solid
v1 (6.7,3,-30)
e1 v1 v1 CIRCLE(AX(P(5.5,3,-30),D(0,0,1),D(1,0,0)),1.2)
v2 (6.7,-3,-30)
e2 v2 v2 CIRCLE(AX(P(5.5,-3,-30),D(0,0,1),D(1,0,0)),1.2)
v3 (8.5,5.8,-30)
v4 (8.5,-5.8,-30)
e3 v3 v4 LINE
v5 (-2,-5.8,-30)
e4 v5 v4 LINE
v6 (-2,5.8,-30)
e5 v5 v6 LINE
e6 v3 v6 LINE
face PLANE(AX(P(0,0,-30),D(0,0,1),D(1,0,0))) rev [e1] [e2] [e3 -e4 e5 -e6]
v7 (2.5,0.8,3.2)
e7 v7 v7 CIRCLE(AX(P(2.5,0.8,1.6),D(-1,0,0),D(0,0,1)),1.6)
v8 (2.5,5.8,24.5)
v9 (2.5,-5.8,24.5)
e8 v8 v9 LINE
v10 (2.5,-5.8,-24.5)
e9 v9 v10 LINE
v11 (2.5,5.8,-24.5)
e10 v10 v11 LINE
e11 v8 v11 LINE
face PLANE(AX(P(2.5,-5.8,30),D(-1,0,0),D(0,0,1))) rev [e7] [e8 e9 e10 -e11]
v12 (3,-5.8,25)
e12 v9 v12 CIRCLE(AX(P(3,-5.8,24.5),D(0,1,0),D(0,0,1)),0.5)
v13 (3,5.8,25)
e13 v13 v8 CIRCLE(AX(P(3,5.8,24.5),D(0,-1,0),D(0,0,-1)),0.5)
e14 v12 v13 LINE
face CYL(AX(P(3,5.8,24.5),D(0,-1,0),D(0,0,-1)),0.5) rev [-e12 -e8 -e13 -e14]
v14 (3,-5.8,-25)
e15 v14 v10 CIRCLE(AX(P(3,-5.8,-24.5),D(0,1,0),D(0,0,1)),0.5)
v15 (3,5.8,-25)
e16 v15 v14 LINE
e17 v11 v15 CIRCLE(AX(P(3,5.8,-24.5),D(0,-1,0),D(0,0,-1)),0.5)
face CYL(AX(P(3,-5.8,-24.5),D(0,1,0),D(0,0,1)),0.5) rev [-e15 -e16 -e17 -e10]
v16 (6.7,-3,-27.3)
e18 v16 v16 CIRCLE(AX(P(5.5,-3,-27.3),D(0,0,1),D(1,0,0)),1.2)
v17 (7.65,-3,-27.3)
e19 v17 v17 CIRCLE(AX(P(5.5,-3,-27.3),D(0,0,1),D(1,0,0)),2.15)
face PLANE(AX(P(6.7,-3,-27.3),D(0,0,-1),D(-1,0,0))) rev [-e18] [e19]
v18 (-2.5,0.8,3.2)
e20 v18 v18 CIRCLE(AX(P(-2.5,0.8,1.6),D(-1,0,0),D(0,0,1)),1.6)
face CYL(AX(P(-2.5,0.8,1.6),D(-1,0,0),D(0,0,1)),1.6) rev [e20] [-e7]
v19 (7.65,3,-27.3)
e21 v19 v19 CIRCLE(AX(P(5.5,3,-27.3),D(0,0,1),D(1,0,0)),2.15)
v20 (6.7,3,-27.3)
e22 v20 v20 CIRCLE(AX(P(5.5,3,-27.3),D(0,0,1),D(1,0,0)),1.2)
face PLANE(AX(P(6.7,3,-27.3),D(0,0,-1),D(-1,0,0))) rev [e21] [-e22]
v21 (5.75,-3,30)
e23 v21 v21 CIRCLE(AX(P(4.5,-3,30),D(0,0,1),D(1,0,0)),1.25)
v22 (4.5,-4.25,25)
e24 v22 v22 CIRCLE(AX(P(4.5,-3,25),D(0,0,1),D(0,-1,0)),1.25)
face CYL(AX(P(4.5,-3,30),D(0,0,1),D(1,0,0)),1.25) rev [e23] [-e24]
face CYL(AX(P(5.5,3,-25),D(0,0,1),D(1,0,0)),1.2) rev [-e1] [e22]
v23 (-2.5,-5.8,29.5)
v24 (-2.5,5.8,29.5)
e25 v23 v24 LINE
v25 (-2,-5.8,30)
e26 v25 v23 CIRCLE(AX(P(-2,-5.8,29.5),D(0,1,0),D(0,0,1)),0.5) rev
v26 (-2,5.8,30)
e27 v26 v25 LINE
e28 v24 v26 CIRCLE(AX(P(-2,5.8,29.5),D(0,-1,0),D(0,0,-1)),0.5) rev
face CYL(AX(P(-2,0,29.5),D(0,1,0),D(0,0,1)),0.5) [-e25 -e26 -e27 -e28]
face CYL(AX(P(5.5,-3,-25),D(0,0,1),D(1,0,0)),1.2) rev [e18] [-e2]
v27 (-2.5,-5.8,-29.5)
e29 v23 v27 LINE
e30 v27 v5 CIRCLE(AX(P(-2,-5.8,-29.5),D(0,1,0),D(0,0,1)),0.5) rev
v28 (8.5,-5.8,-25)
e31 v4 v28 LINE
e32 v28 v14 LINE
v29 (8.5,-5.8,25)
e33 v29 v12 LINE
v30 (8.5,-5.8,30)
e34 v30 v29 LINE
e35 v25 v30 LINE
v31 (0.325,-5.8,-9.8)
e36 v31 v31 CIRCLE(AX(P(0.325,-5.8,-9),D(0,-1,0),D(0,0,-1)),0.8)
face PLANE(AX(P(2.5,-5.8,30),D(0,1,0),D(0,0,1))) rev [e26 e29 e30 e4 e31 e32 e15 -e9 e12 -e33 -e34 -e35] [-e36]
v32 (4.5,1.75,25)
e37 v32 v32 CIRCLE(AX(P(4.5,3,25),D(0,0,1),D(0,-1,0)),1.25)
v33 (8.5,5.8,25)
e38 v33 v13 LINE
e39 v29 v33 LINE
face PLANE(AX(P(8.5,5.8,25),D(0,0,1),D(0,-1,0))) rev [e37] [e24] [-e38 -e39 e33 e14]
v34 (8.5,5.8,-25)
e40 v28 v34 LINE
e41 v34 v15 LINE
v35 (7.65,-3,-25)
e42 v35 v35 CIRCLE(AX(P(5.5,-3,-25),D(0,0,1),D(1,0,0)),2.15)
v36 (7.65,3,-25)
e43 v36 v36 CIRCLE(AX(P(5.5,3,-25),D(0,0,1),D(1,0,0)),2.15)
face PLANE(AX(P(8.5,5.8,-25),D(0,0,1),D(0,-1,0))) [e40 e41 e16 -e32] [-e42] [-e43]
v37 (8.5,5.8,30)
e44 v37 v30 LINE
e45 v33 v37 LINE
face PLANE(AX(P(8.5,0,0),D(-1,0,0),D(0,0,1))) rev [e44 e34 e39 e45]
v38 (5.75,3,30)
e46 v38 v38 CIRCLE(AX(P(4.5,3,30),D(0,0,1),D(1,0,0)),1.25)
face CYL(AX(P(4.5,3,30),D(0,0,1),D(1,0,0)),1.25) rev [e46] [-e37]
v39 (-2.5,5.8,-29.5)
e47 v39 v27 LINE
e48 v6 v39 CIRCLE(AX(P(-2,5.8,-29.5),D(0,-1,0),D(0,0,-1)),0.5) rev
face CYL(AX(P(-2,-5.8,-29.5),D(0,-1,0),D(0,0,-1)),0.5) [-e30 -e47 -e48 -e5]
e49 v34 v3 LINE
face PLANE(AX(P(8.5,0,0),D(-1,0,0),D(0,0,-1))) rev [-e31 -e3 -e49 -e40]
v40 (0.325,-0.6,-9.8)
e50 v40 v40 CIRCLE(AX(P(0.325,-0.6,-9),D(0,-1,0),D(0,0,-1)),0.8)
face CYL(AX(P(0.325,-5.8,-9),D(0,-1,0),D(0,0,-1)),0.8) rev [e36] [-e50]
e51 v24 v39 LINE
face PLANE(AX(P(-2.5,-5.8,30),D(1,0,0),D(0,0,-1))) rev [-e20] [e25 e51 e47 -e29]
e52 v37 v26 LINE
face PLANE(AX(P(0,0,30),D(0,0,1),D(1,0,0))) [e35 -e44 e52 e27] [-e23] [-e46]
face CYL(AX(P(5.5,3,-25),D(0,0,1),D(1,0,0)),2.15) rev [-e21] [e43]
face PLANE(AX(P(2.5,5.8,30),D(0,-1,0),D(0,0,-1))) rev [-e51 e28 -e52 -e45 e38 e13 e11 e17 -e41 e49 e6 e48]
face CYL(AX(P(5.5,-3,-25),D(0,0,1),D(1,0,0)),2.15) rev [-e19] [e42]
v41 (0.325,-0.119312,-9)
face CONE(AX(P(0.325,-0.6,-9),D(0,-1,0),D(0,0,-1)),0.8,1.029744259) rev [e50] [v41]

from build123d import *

# Parameters (mm, degrees)
SKETCH_1_W                  = 5
SKETCH_1_H                  = 11.6
EXTRUDE_1_DEPTH             = 30
SKETCH_2_W                  = 5
SKETCH_2_H                  = 11.6
EXTRUDE_2_DEPTH             = 6
HOLE_WIZARD_M3_1_D          = 2.5
HOLE_WIZARD_M3_1_DEPTH      = 7.5
HOLE_WIZARD_M3_1_TIP        = 0.751075774
HOLE_WIZARD_1_D             = 2.4
HOLE_WIZARD_1_DEPTH         = 7.5
HOLE_WIZARD_1_CBORE_D       = 4.3
HOLE_WIZARD_1_CBORE_DEPTH   = 2.3
HOLE_WIZARD_1_TIP           = 0.721032743
FILLET_1_R                  = 0.5
HOLE_WIZARD_3_2_3_2_1_D     = 3.2
HOLE_WIZARD_3_2_3_2_1_DEPTH = 5.2
HOLE_WIZARD_3_2_3_2_1_TIP   = 0.96137699
HOLE_WIZARD_M2_1_D          = 1.6
HOLE_WIZARD_M2_1_DEPTH      = 5.2
HOLE_WIZARD_M2_1_TIP        = 0.480688495


with BuildPart() as part:
    # 草图1 → 凸台-拉伸1 (new body, symmetric)
    with BuildSketch(Plane.XY):
        Rectangle(SKETCH_1_W, SKETCH_1_H)
    extrude(amount=EXTRUDE_1_DEPTH, both=True)

    # 草图2 → 凸台-拉伸2 (add)
    with BuildSketch(Plane(origin=(2.5, 0, 0), x_dir=(0, 0, -1), z_dir=(1, 0, 0))):
        with Locations((-27.5, 0)):
            Rectangle(SKETCH_2_W, SKETCH_2_H)
    extrude_2 = extrude(amount=EXTRUDE_2_DEPTH)

    # 镜向1: 凸台-拉伸2 across plane
    add(extrude_2.mirror(Plane.XY))

    # M3 螺纹孔1
    with Locations(Plane.XY.offset(30)):
        with Locations((4.5, -3), (4.5, 3)):
            Hole(HOLE_WIZARD_M3_1_D / 2, depth=HOLE_WIZARD_M3_1_DEPTH)
            with Locations((0, 0, -(HOLE_WIZARD_M3_1_DEPTH + HOLE_WIZARD_M3_1_TIP / 2))):  # 118° drill point
                Cone(0, HOLE_WIZARD_M3_1_D / 2, HOLE_WIZARD_M3_1_TIP, mode=Mode.SUBTRACT)

    # 打孔尺寸(%根据)内六角圆柱头螺钉的类型1
    with Locations(Plane.XY.offset(-25)):
        with Locations((5.5, -3), (5.5, 3)):
            CounterBoreHole(HOLE_WIZARD_1_D / 2, HOLE_WIZARD_1_CBORE_D / 2, HOLE_WIZARD_1_CBORE_DEPTH, depth=HOLE_WIZARD_1_DEPTH)
            with Locations((0, 0, -(HOLE_WIZARD_1_DEPTH + HOLE_WIZARD_1_TIP / 2))):  # 118° drill point
                Cone(0, HOLE_WIZARD_1_D / 2, HOLE_WIZARD_1_TIP, mode=Mode.SUBTRACT)

    # 圆角1
    fillet_1_edges = [part.edges().sort_by_distance(p)[0] for p in [
        (2.5, 0, 25),
        (2.5, 0, -25),
        (-2.5, 0, 30),
        (-2.5, 0, -30),
    ]]
    fillet(fillet_1_edges, radius=FILLET_1_R)

    # Ø3.2 (3.2) 直径孔1
    with Locations(Plane.ZY.offset(2.5)):
        with Locations((1.6, 0.8)):
            Hole(HOLE_WIZARD_3_2_3_2_1_D / 2, depth=HOLE_WIZARD_3_2_3_2_1_DEPTH)
            with Locations((0, 0, -(HOLE_WIZARD_3_2_3_2_1_DEPTH + HOLE_WIZARD_3_2_3_2_1_TIP / 2))):  # 118° drill point
                Cone(0, HOLE_WIZARD_3_2_3_2_1_D / 2, HOLE_WIZARD_3_2_3_2_1_TIP, mode=Mode.SUBTRACT)

    # M2 螺纹孔1
    with Locations(Plane(origin=(0, -5.8, 0), x_dir=(-1, 0, 0), z_dir=(0, -1, 0))):
        with Locations((-0.325, 9)):
            Hole(HOLE_WIZARD_M2_1_D / 2, depth=HOLE_WIZARD_M2_1_DEPTH)
            with Locations((0, 0, -(HOLE_WIZARD_M2_1_DEPTH + HOLE_WIZARD_M2_1_TIP / 2))):  # 118° drill point
                Cone(0, HOLE_WIZARD_M2_1_D / 2, HOLE_WIZARD_M2_1_TIP, mode=Mode.SUBTRACT)


solid = part.part
